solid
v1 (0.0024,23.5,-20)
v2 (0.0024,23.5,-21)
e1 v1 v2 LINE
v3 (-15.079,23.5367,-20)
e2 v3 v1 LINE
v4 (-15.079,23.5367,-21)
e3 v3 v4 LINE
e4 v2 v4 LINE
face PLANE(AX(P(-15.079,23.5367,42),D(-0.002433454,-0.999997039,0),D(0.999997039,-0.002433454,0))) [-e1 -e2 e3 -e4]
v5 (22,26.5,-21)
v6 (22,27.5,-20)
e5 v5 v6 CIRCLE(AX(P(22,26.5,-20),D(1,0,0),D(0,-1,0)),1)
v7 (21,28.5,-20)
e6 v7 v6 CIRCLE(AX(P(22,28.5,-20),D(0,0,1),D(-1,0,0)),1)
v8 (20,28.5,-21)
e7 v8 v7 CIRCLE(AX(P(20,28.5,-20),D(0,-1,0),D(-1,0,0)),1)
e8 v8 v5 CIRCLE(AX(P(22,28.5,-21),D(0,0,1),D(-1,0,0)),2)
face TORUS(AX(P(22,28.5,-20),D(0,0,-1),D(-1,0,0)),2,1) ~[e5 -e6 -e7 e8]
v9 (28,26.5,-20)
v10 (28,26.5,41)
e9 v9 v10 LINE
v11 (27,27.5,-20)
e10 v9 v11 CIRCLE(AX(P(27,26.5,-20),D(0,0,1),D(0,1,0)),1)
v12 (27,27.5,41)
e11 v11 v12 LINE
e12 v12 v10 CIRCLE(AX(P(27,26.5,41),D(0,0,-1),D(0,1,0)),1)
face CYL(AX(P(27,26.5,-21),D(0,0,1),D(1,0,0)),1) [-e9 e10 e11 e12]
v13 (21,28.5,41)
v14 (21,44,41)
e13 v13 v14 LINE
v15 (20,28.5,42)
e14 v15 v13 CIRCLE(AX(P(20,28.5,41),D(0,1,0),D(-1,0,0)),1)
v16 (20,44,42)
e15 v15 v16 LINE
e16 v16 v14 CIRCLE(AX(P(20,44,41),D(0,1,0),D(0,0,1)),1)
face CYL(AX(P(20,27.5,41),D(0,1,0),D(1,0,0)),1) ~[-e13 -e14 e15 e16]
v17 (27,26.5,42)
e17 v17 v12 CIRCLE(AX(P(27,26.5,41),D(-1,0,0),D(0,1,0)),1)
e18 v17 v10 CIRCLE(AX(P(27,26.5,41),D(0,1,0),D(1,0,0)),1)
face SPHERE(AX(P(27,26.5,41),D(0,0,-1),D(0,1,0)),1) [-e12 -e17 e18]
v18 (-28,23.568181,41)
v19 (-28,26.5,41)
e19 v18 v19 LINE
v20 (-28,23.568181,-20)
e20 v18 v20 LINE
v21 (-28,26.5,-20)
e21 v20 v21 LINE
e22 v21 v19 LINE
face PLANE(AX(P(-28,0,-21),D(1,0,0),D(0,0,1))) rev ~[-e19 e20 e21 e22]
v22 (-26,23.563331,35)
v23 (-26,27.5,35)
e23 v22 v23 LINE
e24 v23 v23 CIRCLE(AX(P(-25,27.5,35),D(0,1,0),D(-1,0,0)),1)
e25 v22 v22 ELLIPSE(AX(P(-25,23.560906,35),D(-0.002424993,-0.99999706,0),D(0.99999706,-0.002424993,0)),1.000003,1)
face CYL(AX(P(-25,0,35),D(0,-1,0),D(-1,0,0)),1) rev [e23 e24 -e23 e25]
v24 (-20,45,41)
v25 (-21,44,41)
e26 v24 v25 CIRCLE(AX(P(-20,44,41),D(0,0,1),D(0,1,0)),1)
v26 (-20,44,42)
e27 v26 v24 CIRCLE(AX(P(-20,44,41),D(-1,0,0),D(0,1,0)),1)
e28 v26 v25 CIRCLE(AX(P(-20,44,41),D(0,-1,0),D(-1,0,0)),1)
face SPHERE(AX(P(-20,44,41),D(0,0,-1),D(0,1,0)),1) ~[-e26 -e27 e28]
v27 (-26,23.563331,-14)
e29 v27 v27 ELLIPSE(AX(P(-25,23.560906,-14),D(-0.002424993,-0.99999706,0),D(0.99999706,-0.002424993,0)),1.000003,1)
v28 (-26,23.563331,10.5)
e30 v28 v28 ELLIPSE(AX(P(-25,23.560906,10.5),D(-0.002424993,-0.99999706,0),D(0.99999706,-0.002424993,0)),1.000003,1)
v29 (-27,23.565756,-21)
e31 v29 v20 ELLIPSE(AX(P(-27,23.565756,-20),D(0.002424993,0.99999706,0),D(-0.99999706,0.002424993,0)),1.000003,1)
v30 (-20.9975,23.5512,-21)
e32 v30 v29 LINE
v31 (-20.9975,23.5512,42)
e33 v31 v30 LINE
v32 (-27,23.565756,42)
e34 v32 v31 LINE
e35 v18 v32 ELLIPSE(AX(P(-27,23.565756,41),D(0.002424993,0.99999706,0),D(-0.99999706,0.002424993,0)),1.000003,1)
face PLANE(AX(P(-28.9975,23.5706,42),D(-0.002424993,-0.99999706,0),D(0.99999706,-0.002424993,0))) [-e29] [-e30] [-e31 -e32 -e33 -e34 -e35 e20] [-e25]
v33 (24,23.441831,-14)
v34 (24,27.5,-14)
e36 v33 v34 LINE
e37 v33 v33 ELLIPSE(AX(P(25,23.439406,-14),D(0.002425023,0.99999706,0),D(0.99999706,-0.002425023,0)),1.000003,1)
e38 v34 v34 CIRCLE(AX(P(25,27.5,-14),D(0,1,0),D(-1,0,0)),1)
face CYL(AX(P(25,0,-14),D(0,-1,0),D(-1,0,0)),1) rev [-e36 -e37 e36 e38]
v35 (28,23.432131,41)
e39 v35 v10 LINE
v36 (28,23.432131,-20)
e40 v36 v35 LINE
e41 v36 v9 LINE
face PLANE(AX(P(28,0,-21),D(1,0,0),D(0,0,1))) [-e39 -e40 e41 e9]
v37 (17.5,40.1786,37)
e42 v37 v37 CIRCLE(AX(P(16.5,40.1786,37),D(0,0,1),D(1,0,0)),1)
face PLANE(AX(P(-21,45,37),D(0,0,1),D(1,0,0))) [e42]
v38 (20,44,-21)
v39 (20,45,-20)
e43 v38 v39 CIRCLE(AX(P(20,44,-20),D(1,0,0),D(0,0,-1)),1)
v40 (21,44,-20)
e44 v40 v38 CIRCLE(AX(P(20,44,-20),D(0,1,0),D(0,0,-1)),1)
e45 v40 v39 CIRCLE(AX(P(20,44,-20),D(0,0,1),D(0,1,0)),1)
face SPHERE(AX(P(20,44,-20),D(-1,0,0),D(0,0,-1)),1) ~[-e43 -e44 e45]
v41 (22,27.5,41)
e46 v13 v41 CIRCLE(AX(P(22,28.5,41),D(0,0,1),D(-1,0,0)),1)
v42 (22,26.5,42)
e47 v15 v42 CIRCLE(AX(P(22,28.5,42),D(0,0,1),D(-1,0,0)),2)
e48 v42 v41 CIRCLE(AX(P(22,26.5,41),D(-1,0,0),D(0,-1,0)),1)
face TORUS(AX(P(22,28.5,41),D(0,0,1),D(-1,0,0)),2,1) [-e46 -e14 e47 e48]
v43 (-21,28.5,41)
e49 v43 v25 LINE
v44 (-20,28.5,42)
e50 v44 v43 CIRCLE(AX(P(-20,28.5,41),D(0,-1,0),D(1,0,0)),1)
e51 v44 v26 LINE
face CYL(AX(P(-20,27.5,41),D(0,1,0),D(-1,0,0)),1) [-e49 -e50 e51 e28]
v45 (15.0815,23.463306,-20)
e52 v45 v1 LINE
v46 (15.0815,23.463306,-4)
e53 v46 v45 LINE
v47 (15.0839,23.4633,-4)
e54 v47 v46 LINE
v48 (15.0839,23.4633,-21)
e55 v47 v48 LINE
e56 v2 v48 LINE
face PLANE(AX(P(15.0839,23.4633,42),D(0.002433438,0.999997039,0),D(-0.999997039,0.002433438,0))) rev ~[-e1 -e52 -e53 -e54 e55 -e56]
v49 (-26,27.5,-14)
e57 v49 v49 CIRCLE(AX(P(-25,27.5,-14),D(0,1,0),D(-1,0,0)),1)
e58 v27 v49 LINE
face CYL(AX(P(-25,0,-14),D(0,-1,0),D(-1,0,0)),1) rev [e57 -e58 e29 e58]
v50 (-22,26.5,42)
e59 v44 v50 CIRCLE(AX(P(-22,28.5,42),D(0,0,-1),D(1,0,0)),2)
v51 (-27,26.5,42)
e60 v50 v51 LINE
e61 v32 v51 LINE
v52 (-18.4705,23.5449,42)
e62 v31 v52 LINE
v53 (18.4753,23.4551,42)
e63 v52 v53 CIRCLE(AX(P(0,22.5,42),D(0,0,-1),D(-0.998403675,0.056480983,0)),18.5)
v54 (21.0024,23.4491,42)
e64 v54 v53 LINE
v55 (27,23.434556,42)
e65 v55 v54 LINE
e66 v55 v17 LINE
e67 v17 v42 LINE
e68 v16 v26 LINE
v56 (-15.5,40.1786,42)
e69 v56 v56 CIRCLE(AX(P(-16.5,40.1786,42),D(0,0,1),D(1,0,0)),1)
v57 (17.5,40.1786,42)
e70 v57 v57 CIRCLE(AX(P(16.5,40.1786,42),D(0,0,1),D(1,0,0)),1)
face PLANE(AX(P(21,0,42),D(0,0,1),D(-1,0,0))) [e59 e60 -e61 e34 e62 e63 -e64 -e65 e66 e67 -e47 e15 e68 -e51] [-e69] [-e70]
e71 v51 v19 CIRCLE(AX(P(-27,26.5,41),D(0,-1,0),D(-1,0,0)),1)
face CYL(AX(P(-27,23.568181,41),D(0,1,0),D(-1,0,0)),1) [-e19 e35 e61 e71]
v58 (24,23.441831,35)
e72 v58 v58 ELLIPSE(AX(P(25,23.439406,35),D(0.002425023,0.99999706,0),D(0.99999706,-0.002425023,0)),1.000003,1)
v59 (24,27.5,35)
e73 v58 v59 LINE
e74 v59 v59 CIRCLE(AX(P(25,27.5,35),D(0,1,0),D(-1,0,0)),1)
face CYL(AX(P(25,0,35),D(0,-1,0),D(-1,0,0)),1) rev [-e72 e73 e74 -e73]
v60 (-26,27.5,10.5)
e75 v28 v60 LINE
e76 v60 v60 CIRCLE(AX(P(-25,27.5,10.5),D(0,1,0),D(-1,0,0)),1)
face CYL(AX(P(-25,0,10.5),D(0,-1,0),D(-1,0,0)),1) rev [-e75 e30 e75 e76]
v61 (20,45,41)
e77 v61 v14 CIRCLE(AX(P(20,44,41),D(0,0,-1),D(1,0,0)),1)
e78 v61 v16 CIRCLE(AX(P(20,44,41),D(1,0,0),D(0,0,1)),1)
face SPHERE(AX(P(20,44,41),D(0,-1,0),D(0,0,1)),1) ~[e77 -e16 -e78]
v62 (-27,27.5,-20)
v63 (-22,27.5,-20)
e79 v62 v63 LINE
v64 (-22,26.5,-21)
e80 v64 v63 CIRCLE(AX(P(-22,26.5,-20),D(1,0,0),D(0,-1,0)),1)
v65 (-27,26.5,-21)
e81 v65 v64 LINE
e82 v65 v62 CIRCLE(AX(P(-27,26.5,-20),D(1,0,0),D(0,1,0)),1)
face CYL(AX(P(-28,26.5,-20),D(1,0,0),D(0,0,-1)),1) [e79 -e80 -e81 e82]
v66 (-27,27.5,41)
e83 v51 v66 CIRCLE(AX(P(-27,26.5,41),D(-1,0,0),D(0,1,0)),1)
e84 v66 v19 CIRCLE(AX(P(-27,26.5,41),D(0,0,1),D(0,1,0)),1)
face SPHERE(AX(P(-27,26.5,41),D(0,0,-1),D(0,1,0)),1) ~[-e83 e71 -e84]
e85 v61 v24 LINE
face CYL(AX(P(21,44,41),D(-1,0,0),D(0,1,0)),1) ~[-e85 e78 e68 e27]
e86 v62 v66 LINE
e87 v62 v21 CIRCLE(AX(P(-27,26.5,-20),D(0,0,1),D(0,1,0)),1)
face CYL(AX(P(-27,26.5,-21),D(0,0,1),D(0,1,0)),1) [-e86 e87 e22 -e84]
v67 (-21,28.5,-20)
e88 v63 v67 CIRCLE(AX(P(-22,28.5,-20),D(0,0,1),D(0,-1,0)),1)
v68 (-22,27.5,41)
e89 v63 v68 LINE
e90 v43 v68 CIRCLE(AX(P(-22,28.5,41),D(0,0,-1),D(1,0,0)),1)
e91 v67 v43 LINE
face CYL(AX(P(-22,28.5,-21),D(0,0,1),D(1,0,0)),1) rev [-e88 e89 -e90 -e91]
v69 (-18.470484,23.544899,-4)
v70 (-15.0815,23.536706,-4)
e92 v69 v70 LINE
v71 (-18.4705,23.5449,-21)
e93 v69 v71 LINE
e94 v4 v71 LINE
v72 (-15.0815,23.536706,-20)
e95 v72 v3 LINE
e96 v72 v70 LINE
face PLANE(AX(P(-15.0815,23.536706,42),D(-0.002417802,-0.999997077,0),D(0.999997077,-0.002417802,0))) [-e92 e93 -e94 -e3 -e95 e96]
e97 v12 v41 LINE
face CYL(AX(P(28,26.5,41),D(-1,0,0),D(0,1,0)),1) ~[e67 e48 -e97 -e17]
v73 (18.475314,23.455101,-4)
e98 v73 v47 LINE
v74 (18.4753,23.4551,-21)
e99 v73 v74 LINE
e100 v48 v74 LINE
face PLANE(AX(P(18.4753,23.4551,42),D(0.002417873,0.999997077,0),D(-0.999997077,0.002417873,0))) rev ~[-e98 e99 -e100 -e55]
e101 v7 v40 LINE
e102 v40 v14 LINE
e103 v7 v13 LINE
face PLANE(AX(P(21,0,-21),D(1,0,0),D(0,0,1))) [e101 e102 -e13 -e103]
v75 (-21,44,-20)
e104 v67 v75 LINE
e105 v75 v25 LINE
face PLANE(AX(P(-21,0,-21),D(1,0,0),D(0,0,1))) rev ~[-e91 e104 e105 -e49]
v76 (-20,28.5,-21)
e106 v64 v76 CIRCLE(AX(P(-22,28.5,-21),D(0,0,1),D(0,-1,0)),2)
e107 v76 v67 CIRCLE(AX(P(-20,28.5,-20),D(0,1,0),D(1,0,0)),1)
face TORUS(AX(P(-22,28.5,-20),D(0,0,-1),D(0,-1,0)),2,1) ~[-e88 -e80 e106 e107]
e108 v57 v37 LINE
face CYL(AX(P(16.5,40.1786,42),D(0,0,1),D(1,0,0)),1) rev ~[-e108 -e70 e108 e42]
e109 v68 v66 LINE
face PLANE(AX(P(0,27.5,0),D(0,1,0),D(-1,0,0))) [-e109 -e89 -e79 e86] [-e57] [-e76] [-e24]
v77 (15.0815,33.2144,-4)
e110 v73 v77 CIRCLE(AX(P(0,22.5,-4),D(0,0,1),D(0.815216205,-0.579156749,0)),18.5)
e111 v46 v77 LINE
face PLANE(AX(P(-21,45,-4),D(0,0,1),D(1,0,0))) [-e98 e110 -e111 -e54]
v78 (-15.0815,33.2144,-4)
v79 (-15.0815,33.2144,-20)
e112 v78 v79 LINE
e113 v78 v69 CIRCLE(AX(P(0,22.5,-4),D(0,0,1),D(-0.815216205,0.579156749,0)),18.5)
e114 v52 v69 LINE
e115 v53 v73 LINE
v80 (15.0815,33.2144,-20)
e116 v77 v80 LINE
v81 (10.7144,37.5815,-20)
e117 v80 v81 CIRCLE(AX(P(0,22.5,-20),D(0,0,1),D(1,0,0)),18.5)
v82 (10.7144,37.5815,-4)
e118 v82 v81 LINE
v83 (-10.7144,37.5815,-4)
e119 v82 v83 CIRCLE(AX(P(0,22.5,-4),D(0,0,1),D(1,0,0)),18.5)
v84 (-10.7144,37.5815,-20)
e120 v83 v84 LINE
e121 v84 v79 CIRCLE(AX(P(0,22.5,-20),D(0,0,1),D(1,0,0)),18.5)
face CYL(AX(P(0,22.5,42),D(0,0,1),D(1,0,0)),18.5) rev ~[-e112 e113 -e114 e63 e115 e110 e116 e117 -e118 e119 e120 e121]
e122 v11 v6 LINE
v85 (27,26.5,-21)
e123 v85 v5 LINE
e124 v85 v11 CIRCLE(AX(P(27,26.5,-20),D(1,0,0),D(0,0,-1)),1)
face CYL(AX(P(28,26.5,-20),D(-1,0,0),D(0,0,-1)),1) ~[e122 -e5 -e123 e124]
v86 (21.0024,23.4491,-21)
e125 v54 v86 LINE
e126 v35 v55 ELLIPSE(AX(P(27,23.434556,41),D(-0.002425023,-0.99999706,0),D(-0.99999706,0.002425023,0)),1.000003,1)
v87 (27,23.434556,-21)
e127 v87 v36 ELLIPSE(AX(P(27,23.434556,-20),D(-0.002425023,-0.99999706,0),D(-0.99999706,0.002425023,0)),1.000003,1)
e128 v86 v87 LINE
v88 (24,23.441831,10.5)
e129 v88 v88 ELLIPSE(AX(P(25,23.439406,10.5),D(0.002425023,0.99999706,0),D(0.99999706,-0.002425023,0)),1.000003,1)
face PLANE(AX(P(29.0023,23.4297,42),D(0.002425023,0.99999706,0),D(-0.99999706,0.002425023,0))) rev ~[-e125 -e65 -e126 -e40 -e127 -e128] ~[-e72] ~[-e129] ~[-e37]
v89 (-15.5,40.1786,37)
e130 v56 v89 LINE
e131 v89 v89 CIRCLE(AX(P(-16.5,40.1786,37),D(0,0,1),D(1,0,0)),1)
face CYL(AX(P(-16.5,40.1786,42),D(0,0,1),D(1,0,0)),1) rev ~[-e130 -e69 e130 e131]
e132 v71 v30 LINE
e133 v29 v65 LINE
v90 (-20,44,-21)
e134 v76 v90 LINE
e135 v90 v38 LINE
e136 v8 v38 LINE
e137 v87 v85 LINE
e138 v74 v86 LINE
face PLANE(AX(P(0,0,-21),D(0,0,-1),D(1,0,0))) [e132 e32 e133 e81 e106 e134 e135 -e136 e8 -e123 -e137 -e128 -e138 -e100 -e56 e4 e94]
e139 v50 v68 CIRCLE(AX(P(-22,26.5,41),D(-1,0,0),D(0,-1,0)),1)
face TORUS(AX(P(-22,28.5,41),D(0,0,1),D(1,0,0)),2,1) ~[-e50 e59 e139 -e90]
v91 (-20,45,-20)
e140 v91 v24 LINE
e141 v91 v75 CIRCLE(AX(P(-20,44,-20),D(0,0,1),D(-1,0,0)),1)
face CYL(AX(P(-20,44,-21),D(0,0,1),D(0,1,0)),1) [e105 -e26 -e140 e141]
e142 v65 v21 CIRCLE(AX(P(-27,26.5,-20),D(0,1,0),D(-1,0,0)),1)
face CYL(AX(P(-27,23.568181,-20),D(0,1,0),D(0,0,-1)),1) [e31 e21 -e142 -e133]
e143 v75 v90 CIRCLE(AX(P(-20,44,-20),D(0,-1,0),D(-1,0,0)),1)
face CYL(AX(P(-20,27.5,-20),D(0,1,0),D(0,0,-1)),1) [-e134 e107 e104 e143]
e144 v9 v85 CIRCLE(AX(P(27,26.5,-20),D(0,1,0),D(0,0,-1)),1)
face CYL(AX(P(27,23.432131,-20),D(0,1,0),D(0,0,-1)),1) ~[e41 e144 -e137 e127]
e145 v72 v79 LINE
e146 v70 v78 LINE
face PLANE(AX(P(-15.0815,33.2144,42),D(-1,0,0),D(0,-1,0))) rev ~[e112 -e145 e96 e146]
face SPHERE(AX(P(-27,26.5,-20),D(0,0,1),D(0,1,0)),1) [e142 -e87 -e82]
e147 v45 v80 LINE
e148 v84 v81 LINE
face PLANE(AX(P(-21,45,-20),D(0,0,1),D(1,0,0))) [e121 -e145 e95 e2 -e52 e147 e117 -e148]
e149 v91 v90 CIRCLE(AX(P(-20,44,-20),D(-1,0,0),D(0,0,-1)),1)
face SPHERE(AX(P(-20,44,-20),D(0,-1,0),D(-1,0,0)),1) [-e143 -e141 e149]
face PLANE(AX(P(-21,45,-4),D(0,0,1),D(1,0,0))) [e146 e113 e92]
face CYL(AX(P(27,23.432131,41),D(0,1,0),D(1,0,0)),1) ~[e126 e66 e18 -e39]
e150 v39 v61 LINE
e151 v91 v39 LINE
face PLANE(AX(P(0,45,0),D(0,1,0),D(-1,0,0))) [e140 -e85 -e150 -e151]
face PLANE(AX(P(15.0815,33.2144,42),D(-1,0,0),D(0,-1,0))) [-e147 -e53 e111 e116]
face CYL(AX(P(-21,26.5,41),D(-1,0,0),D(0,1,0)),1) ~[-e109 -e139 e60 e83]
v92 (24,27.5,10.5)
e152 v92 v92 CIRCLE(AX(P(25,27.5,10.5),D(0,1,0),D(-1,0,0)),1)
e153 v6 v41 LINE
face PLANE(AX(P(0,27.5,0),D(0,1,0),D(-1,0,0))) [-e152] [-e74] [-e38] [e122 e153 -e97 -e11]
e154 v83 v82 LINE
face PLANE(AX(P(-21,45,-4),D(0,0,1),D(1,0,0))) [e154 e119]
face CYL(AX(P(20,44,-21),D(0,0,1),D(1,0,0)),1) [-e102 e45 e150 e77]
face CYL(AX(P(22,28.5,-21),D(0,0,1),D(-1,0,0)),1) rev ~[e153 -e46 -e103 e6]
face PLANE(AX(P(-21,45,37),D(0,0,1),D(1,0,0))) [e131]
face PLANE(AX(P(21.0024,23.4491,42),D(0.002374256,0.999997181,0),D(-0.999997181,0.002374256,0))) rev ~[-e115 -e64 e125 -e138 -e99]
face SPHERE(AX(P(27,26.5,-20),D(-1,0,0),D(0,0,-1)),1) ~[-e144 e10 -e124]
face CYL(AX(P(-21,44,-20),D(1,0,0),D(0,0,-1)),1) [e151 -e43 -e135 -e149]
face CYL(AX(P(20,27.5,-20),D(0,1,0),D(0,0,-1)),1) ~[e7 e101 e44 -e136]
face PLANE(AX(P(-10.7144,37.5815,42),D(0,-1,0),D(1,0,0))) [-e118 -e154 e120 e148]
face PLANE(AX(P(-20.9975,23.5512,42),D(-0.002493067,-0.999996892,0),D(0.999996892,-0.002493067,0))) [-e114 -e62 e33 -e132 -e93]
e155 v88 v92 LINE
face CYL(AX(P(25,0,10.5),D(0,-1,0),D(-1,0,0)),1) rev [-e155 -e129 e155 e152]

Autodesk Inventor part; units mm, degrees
ref_plane "YZ Plane" through (0, 0, 0) normal (1, 0, 0) x (0, 1, 0)
ref_plane "XZ Plane" through (0, 0, 0) normal (0, 1, 0) x (-1, 0, 0)
ref_plane "XY Plane" through (0, 0, 0) normal (0, 0, 1) x (1, 0, 0)
sketch "Sketch1" plane through (0, 0, 0) normal (0, 1, 0) x (-1, 0, 0)
  circle A0 centre (0, 0) radius 11 construction
  circle A1 centre (0, 0) radius 3.75
  circle A2 centre (0, 0) radius 7.875 construction
  line L0 (16.292, 0) -> (-19, 0) construction
  line L1 (0, 21) -> (0, -27.3544) construction
  line L2 (0, -21) -> (21, -21)
  line L3 (0, -21) -> (-21, -21)
  line L4 (0, 0) -> (21, -21) construction
  circle A3 centre (5.5685, -5.5685) radius 0.75
  circle A4 centre (-5.5685, -5.5685) radius 0.75
  circle A5 centre (5.5685, 5.5685) radius 0.75
  circle A6 centre (-5.5685, 5.5685) radius 0.75
  line L5 (-28, -21) -> (-21, -21)
  line L6 (28, -21) -> (21, -21)
  circle A7 centre (25, -14) radius 1
  circle A8 centre (-25, -14) radius 1
  line L7 (-28, 42) -> (28, 42)
  line L8 (28, -21) -> (28, 42)
  line L9 (21, -21) -> (21, 42)
  line L10 (-21, -21) -> (-21, 42)
  line L11 (-28, -21) -> (-28, 42)
  line L12 (28, 10.5) -> (-28, 10.5) construction
  circle A9 centre (25, 35) radius 1
  circle A10 centre (-25, 35) radius 1
  circle A11 centre (25, 10.5) radius 1
  circle A12 centre (-25, 10.5) radius 1
  circle A13 centre (5.5685, 5.5685) radius 1.5
  circle A14 centre (5.5685, -5.5685) radius 1.5
  circle A15 centre (-5.5685, 5.5685) radius 1.5
  circle A16 centre (-5.5685, -5.5685) radius 1.5
  dimension "d8" = 15.75
  dimension "d2" = 7.5
  dimension "d4" = 22
  dimension "d17" = 21
  dimension "d26" = 1.5
  dimension "d38" = 63
  dimension "d39" = 21
  dimension "d40" = 2
  dimension "d41" = 2
  dimension "d53" = 3
  dimension "d97" = 7
  dimension "d98" = 3
  dimension "d99" = 3
extrude "Extrusion9" add sketch "Sketch1" along normal blind 45 contours A1 | L3 L10 L7 L9 L2 | A3 | A4 | A5 | A6 | A13 | A14 | A15 | A16
extrude "Extrusion10" add sketch "Sketch1" along normal blind 27.5 contours L9 L7 L8 L6 | L5 L11 L7 L10
extrude "Extrusion11" cut sketch "Sketch1" along normal blind 17.5 contours L9 L7 L8 L6 | L5 L11 L7 L10
extrude "Extrusion13" cut sketch "Sketch1" along normal blind 6 contours A1 | A3 | A4 | A5 | A6 | A13 | A14 | A15 | A16
extrude "Extrusion15" add sketch "Sketch1" along normal blind 3.5 contours A13 | A14 | A15 | A16
sketch "Sketch5" plane through (-21, 45, 42) normal (0, 0, 1) x (1, 0, 0)
  line L0 (0, -45) -> (42, -45) construction
  line L1 (0, -17.5) -> (0, 0) construction
  line L2 (42, -45) -> (0, -45) construction
  line L3 (0, -45) -> (0, 0) construction
  line L4 (0, 0) -> (42, 0) construction
  line L5 (42, 0) -> (42, -45) construction
  line L6 (42, 0) -> (0, -45) construction
  line L7 (0, 0) -> (42, 0) construction
  line L8 (0, 0) -> (42, -45) construction
  circle A0 centre (21, -22.5) radius 18.5
  line L9 (10.2856, -7.4185) -> (31.7144, -7.4185)
  line L10 (5.9185, -11.7856) -> (5.9185, -33.2144)
  line L11 (36.0815, -11.7856) -> (36.0815, -33.2144)
  circle A1 centre (21, -22.5) radius 13.5 construction
  line L12 (34.0815, -9.4185) -> (7.9185, -35.5815) construction
  line L13 (21, -45) -> (21, 0) construction
  line L14 (7.9185, -9.4185) -> (34.0815, -35.5815) construction
  line L15 (7.9185, -9.4185) -> (34.0815, -9.4185) construction
  line L16 (7.9185, -9.4185) -> (7.9185, -35.5815) construction
  line L17 (34.0815, -35.5815) -> (34.0815, -9.4185) construction
  circle A2 centre (4.5, -40.1786) radius 1
  circle A3 centre (37.5, -40.1786) radius 1
  circle A4 centre (4.5, -4.8214) radius 1
  circle A5 centre (37.5, -4.8214) radius 1
  line L18 (50, -22.5352) -> (50, -23.5001)
  line L19 (50, -22.5352) -> (-3.9988, -22.4696) construction
  line L20 (50, -23.5001) -> (42, -23.5001)
  line L21 (42, -23.5001) -> (39.473, -23.5)
  line L22 (39.473, -23.5) -> (36.0815, -23.5)
  line L23 (36.0815, -23.5) -> (21, -23.5)
  line L24 (50, -23.5001) -> (50, -45)
  line L25 (50, -45) -> (21, -45)
  line L26 (-8, -23.5001) -> (0, -23.5001)
  line L27 (0, -23.5001) -> (2.527, -23.5)
  line L28 (2.527, -23.5) -> (5.9185, -23.5)
  line L29 (5.9185, -23.5) -> (21, -23.5)
  line L30 (-8, -23.5001) -> (-8, -45)
  line L31 (-8, -45) -> (21, -45)
  line L32 (-8, -22.4648) -> (-8, -23.5001)
  line L33 (50, -22.5352) -> (50.0023, -21.5703)
  line L34 (50.0023, -21.5703) -> (42.0024, -21.5509)
  line L35 (42.0024, -21.5509) -> (39.4753, -21.5449)
  line L36 (39.4753, -21.5449) -> (36.0839, -21.5367)
  line L37 (36.0839, -21.5367) -> (21.0024, -21.5)
  line L38 (50.0023, -21.5703) -> (50.0546, -0.0706)
  line L39 (50.0546, -0.0706) -> (21.0547, -0.0001)
  line L40 (-7.9452, 0.0704) -> (21.0547, -0.0001)
  line L41 (-7.9975, -21.4294) -> (-7.9452, 0.0704)
  line L42 (-7.9975, -21.4294) -> (0.0025, -21.4488)
  line L43 (0.0025, -21.4488) -> (2.5295, -21.4551)
  line L44 (2.5295, -21.4551) -> (5.921, -21.4633)
  line L45 (5.921, -21.4633) -> (21.0024, -21.5)
  line L46 (-8, -22.4648) -> (-7.9975, -21.4294)
  point P0 (39.5, -22.5225)
  dimension "d58" = 37
  dimension "d70" = 27
  dimension "d73" = 2
  dimension "d74" = 45
  dimension "d75" = 2
  dimension "d76" = 2
  dimension "d77" = 42
  dimension "d79" = 2
  dimension "d80" = 4.5
  dimension "d89" = 1
  dimension "d90" = 1
  dimension "d93" = 29
extrude "Extrusion16" cut sketch "Sketch5" against normal blind 62 contours L11 L37 L45 L44 L10 A0 L9 | A0 L10 L29 L23 L11 | L23 L29 L10 L44 L45 L37 L11
extrude "Extrusion18" cut sketch "Sketch5" against normal blind 46 contours A0 L22 L11 L37 L36 | L36 L37 L11 A0 | A0 L11 L22 | L9 A0 | A0 L28 L10 | A0 L44 L10 L28 | L10 L44 A0
extrude "Extrusion19" cut sketch "Sketch5" against normal blind 5 contours A2 | A3 | A4 | A5
extrude "Extrusion23" cut sketch "Sketch5" against normal blind 70 contours A0 L22 L11 L37 L36 | A0 L35 L34 L33 L18 L20 L21 | L21 L20 L24 L25 L31 L30 L26 L27 A0 | A0 L11 L22 | A0 L10 L29 L23 L11 | L23 L29 L10 L44 L45 L37 L11 | A0 L28 L10 | L27 L26 L32 L46 L42 L43 A0 | A0 L44 L10 L28 | A2 | A3
fillet "Fillet1" radius 1 20 edges at (-28, 27.5, 10.5) (-24.5, 27.5, 42) (-28, 25.5341, 42) (-21, 27.5, 10.5) (-24.5, 27.5, -21) (-28, 25.5341, -21) (-21, 36.25, -21) (-21, 45, 10.5) (0, 45, -21) (21, 36.25, -21) (24.5, 27.5, -21) (28, 25.466, -21) (21, 27.5, 10.5) (28, 27.5, 10.5) (21, 36.25, 42) (0, 45, 42) (21, 45, 10.5) (-21, 36.25, 42) (24.5, 27.5, 42) (28, 25.466, 42)
equation "\"d41\" = d40"
properties part number "engine_sleeve_down"
